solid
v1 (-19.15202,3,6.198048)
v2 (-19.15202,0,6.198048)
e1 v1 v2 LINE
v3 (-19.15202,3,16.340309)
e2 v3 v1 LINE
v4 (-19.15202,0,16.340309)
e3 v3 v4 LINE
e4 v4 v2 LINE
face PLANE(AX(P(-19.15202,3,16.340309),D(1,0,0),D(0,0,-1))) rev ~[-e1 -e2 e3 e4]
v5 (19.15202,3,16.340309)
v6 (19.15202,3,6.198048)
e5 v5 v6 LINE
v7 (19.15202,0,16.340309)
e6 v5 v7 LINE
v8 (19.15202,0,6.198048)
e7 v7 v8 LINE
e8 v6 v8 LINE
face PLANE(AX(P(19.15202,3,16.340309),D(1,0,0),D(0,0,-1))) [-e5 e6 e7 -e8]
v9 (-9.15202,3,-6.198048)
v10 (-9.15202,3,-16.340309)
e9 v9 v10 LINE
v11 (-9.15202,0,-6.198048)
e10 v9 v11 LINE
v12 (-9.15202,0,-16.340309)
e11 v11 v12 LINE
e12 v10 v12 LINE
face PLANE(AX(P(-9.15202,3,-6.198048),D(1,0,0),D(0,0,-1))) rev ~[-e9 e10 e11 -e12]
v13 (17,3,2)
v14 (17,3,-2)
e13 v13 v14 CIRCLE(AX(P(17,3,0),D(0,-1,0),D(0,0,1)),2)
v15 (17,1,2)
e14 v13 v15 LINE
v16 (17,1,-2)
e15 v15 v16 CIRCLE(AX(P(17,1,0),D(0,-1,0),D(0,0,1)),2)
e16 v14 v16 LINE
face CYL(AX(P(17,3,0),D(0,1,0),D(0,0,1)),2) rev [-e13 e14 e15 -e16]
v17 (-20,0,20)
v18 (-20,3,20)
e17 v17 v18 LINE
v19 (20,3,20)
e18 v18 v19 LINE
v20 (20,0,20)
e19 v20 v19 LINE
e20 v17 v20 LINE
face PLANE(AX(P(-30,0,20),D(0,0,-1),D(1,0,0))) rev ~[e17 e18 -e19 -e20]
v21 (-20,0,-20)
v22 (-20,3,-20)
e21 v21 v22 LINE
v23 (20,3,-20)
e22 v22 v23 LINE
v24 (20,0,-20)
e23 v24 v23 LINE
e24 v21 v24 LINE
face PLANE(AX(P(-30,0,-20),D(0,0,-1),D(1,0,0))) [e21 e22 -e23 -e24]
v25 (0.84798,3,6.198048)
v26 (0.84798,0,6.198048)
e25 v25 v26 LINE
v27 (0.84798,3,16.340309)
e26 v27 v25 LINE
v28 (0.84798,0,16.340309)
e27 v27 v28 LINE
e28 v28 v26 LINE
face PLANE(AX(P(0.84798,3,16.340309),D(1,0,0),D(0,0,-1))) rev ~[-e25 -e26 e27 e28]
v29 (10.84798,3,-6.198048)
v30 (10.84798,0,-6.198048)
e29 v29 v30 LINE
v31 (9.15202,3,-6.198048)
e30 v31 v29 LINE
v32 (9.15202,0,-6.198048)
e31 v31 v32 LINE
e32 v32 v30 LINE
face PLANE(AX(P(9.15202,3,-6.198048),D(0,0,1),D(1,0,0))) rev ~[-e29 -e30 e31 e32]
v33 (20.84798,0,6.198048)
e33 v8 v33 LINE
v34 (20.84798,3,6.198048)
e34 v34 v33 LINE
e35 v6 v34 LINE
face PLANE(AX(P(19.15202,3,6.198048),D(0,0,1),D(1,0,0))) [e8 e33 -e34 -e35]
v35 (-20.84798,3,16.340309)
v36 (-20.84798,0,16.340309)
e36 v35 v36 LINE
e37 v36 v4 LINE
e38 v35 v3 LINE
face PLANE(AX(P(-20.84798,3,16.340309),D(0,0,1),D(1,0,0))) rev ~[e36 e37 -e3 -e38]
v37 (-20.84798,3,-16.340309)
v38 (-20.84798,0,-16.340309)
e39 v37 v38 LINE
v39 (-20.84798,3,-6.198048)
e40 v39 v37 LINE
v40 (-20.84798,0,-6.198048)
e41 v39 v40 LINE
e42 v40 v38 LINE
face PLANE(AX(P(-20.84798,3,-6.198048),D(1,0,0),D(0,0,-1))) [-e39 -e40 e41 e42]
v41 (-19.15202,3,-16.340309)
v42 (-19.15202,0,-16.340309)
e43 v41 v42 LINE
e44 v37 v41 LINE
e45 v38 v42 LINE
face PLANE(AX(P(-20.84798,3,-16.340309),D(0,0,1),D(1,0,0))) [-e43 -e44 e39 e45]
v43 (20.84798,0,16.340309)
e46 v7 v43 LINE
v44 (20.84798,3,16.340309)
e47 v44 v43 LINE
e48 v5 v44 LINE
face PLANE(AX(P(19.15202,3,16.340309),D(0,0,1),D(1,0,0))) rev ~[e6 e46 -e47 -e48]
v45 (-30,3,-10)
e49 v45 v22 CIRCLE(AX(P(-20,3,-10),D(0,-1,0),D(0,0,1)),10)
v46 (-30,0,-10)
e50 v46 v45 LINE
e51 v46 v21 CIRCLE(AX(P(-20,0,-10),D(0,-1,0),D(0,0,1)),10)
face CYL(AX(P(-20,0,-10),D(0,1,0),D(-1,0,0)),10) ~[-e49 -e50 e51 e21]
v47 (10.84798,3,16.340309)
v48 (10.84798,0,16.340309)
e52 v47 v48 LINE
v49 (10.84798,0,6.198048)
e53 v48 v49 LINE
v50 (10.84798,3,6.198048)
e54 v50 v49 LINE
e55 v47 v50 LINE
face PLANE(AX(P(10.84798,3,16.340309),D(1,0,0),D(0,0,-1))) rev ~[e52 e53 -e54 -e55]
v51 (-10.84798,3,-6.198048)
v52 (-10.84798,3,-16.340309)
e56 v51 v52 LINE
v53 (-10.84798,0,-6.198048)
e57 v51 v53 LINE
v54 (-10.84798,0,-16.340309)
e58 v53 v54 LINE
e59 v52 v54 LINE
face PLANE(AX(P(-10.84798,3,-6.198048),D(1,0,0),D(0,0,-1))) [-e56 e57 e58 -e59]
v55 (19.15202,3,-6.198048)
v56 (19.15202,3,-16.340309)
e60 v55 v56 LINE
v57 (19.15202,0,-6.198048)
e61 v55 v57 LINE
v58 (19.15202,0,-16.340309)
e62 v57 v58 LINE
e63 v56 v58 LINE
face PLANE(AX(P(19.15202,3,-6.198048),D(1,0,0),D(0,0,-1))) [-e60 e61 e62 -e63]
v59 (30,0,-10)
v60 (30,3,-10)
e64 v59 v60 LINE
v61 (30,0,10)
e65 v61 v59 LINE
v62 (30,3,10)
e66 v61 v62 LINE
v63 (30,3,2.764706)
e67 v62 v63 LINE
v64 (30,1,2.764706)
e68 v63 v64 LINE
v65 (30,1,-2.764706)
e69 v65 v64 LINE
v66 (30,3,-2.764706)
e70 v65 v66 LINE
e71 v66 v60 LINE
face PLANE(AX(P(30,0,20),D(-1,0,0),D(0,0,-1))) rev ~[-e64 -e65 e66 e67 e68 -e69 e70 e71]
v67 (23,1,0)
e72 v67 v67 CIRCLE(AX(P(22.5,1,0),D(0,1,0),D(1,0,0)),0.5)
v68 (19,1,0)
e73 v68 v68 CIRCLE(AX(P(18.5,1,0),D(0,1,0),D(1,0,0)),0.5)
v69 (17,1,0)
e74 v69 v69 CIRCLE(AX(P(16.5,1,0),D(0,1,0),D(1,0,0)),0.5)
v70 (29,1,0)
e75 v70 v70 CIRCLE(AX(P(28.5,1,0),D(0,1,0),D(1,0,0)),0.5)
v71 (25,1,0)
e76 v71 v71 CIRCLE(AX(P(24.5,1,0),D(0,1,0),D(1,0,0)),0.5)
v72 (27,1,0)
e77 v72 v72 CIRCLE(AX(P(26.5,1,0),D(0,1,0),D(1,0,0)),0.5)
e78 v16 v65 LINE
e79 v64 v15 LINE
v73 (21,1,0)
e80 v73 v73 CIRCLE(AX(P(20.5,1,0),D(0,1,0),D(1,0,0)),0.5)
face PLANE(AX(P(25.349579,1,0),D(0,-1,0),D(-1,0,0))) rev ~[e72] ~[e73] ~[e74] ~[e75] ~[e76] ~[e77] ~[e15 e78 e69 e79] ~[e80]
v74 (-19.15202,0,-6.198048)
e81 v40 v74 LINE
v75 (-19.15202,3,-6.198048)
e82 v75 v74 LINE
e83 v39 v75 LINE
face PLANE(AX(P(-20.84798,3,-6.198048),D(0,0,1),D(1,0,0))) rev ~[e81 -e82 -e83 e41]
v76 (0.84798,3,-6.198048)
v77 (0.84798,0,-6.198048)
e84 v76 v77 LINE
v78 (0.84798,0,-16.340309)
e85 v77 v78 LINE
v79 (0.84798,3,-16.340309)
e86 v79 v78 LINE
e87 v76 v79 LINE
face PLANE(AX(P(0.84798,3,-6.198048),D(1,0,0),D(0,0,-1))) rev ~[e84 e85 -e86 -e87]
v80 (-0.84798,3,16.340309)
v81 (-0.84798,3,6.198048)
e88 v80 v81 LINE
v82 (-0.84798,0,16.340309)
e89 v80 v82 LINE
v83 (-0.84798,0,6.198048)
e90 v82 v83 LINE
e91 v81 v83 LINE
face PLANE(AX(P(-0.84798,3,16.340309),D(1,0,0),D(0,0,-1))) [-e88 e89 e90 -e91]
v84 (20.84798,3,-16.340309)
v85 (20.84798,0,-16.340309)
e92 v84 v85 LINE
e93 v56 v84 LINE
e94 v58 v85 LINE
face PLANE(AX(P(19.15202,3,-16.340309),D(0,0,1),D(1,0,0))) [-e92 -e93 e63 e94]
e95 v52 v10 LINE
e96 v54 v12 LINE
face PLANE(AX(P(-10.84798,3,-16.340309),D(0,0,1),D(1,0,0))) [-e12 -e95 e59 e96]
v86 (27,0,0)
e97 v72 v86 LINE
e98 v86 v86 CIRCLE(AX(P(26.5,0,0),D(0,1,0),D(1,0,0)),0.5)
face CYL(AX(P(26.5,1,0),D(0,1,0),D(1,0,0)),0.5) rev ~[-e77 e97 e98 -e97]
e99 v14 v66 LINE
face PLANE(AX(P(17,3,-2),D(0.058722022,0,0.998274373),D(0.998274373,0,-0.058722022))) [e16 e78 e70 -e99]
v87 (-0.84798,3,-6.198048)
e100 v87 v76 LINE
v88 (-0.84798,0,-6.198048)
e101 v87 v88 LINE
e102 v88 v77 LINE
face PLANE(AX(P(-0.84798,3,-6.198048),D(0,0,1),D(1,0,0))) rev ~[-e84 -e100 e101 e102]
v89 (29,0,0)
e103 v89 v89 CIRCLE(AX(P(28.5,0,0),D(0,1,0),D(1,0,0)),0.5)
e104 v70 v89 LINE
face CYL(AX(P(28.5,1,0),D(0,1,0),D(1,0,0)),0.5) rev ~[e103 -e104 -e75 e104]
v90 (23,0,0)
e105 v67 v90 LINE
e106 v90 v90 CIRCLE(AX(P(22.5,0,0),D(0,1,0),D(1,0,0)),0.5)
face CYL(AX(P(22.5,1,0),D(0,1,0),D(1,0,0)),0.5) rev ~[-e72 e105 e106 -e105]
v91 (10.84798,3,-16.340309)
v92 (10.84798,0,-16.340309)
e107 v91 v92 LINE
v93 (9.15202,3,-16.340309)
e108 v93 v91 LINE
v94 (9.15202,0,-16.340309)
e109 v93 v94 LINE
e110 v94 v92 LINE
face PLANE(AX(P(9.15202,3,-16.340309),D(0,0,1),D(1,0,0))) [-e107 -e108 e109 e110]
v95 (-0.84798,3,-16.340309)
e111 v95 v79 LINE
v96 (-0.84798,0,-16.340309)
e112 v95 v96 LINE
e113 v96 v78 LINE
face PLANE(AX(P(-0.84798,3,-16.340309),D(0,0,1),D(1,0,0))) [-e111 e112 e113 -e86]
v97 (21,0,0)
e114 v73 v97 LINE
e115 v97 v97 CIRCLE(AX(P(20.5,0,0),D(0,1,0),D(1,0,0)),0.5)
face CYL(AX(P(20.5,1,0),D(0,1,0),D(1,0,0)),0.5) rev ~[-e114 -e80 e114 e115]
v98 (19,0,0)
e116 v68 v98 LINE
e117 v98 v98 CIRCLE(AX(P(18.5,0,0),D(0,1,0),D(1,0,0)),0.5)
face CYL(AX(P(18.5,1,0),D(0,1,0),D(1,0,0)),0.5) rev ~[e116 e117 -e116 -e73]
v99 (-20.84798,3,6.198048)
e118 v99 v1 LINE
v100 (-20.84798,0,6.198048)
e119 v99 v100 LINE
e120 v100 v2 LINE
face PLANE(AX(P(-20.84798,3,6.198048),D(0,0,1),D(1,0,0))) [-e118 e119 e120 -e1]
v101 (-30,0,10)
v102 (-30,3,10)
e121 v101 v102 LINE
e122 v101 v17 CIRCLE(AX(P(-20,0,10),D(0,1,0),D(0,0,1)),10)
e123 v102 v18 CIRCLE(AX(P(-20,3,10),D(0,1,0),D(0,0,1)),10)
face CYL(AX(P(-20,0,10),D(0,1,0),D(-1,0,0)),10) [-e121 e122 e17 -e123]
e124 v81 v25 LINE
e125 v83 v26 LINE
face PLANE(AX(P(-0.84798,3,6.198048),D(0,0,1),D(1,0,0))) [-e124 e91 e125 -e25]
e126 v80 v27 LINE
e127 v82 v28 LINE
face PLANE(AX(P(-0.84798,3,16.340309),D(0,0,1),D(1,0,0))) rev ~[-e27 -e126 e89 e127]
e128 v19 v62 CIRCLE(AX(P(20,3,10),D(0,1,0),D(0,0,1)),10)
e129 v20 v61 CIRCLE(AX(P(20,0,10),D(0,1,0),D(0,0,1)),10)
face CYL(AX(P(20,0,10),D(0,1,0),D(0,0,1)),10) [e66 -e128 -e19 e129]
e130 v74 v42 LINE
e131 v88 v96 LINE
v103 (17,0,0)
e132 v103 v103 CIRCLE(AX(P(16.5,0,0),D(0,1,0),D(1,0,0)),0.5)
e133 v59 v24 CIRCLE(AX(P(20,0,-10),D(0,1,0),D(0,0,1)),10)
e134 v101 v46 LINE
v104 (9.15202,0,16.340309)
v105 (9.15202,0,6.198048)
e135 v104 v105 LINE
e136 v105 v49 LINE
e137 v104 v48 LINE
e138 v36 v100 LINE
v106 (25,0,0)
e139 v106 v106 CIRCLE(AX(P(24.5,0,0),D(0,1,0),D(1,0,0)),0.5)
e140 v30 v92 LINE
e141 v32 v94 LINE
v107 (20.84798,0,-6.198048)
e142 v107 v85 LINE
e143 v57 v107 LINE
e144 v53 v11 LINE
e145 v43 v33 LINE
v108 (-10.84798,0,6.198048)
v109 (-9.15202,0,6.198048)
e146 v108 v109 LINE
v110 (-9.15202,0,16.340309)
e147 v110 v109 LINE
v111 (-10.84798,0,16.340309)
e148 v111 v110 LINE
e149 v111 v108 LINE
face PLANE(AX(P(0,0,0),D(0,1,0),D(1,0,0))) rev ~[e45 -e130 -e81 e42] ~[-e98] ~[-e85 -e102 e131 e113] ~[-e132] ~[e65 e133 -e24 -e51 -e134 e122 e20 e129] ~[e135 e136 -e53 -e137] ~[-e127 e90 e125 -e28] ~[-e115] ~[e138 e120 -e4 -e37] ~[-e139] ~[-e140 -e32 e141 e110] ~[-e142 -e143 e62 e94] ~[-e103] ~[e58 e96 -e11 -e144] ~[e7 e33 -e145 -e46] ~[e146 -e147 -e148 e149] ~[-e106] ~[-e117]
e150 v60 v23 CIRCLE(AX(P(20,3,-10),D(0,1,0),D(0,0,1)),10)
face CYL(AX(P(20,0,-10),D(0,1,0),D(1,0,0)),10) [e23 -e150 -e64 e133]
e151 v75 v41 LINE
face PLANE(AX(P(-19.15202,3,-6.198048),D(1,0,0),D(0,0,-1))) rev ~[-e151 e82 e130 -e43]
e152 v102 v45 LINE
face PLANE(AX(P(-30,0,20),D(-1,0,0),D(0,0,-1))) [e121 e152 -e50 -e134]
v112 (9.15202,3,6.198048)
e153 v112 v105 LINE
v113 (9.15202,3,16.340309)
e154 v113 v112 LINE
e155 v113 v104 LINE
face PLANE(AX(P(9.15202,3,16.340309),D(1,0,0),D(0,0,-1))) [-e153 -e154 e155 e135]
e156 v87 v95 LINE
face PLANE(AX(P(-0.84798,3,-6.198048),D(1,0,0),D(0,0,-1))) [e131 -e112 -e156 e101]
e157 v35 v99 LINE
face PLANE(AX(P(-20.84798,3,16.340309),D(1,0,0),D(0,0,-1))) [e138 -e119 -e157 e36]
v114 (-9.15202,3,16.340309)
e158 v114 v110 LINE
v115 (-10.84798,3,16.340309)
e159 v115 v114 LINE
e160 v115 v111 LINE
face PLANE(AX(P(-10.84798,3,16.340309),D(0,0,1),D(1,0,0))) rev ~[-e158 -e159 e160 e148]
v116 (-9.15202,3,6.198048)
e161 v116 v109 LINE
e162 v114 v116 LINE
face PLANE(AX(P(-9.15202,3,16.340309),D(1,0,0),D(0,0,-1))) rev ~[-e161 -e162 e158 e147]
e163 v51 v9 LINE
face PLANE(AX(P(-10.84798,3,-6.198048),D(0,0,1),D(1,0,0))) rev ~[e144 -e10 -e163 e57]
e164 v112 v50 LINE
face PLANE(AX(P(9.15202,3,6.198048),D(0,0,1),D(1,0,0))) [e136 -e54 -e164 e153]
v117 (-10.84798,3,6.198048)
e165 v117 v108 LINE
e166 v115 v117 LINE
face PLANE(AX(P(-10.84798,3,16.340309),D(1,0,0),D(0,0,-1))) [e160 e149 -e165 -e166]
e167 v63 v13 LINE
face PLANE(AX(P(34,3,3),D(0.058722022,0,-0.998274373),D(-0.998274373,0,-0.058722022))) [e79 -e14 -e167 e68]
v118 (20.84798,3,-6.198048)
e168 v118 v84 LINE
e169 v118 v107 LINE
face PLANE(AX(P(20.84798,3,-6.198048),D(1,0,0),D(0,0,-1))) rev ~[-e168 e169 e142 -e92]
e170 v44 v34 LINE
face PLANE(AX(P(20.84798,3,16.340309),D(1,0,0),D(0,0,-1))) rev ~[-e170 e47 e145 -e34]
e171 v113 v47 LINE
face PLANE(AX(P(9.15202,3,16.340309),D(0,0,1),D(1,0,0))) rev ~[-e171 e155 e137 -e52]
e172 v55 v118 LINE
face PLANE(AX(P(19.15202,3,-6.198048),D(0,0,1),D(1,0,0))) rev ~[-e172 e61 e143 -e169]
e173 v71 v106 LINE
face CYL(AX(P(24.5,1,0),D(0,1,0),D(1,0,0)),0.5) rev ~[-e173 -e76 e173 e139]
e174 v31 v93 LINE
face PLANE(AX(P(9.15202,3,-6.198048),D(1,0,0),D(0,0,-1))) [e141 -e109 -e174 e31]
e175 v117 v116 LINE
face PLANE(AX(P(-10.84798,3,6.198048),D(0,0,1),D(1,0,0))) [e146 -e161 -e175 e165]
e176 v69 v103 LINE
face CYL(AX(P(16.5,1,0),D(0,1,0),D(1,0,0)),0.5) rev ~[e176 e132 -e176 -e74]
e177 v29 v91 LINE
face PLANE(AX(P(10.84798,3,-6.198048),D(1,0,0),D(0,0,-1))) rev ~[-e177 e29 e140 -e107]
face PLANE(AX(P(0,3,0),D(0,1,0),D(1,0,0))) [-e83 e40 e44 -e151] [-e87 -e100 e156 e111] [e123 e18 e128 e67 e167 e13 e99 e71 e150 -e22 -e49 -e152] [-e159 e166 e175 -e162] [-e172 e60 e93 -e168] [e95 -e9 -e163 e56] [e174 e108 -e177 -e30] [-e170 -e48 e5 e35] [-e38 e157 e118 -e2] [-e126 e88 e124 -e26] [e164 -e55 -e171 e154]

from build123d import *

# Parameters (mm, degrees)
SKETCH_1_W          = 60
SKETCH_1_H          = 40
EXTRUDE_1_DEPTH     = 3
FILLET_1_R          = 10
SKETCH_2_W          = 1.695959674
SKETCH_2_H          = 10.142260461
CUT_EXTRUDE_1_DEPTH = 4
CUT_EXTRUDE_2_DEPTH = 2
SKETCH_4_R          = 0.5
CUT_EXTRUDE_3_DEPTH = 2


with BuildPart() as part:
    # 草图1 → 凸台-拉伸1 (new body)
    with BuildSketch(Plane(origin=(0, 0, 0), x_dir=(1, 0, 0), z_dir=(0, 1, 0))):
        Rectangle(SKETCH_1_W, SKETCH_1_H)
    extrude(amount=EXTRUDE_1_DEPTH)

    # 圆角1
    fillet_1_edges = [part.edges().sort_by_distance(p)[0] for p in [
        (30, 1.5, 20),
        (-30, 1.5, 20),
        (-30, 1.5, -20),
        (30, 1.5, -20),
    ]]
    fillet(fillet_1_edges, radius=FILLET_1_R)

    # 草图2 → 切除-拉伸1 (cut, through all)
    with BuildSketch(Plane(origin=(0, 3, 0), x_dir=(1, 0, 0), z_dir=(0, 1, 0))):
        with Locations((-20, 11.269178291)):
            Rectangle(SKETCH_2_W, SKETCH_2_H)
        with Locations((-10, 11.269178291)):
            Rectangle(SKETCH_2_W, SKETCH_2_H)
        with Locations((0, 11.269178291)):
            Rectangle(SKETCH_2_W, SKETCH_2_H)
        with Locations((10, 11.269178291)):
            Rectangle(SKETCH_2_W, SKETCH_2_H)
        with Locations((20, 11.269178291)):
            Rectangle(SKETCH_2_W, SKETCH_2_H)
        with Locations((20, -11.269178291)):
            Rectangle(SKETCH_2_W, SKETCH_2_H)
        with Locations((10, -11.269178291)):
            Rectangle(SKETCH_2_W, SKETCH_2_H)
        with Locations((0, -11.269178291)):
            Rectangle(SKETCH_2_W, SKETCH_2_H)
        with Locations((-10, -11.269178291)):
            Rectangle(SKETCH_2_W, SKETCH_2_H)
        with Locations((-20, -11.269178291)):
            Rectangle(SKETCH_2_W, SKETCH_2_H)
    extrude(amount=-CUT_EXTRUDE_1_DEPTH, mode=Mode.SUBTRACT)

    # 草图3 → 切除-拉伸2 (cut)
    with BuildSketch(Plane(origin=(0, 3, 0), x_dir=(1, 0, 0), z_dir=(0, 1, 0))):
        with BuildLine():
            Line((34, 3), (34, -3))
            Line((34, -3), (17, -2))
            ThreePointArc((17, -2), (15, 0), (17, 2))
            Line((17, 2), (34, 3))
        make_face()
    extrude(amount=-CUT_EXTRUDE_2_DEPTH, mode=Mode.SUBTRACT)

    # 草图4 → 切除-拉伸3 (cut, through all)
    with BuildSketch(Plane(origin=(0, 1, 0), x_dir=(1, 0, 0), z_dir=(0, 1, 0))):
        with Locations((16.5, 0)):
            Circle(SKETCH_4_R)
        with Locations((18.5, 0)):
            Circle(SKETCH_4_R)
        with Locations((20.5, 0)):
            Circle(SKETCH_4_R)
        with Locations((22.5, 0)):
            Circle(SKETCH_4_R)
        with Locations((24.5, 0)):
            Circle(SKETCH_4_R)
        with Locations((26.5, 0)):
            Circle(SKETCH_4_R)
        with Locations((28.5, 0)):
            Circle(SKETCH_4_R)
    extrude(amount=-CUT_EXTRUDE_3_DEPTH, mode=Mode.SUBTRACT)


solid = part.part
